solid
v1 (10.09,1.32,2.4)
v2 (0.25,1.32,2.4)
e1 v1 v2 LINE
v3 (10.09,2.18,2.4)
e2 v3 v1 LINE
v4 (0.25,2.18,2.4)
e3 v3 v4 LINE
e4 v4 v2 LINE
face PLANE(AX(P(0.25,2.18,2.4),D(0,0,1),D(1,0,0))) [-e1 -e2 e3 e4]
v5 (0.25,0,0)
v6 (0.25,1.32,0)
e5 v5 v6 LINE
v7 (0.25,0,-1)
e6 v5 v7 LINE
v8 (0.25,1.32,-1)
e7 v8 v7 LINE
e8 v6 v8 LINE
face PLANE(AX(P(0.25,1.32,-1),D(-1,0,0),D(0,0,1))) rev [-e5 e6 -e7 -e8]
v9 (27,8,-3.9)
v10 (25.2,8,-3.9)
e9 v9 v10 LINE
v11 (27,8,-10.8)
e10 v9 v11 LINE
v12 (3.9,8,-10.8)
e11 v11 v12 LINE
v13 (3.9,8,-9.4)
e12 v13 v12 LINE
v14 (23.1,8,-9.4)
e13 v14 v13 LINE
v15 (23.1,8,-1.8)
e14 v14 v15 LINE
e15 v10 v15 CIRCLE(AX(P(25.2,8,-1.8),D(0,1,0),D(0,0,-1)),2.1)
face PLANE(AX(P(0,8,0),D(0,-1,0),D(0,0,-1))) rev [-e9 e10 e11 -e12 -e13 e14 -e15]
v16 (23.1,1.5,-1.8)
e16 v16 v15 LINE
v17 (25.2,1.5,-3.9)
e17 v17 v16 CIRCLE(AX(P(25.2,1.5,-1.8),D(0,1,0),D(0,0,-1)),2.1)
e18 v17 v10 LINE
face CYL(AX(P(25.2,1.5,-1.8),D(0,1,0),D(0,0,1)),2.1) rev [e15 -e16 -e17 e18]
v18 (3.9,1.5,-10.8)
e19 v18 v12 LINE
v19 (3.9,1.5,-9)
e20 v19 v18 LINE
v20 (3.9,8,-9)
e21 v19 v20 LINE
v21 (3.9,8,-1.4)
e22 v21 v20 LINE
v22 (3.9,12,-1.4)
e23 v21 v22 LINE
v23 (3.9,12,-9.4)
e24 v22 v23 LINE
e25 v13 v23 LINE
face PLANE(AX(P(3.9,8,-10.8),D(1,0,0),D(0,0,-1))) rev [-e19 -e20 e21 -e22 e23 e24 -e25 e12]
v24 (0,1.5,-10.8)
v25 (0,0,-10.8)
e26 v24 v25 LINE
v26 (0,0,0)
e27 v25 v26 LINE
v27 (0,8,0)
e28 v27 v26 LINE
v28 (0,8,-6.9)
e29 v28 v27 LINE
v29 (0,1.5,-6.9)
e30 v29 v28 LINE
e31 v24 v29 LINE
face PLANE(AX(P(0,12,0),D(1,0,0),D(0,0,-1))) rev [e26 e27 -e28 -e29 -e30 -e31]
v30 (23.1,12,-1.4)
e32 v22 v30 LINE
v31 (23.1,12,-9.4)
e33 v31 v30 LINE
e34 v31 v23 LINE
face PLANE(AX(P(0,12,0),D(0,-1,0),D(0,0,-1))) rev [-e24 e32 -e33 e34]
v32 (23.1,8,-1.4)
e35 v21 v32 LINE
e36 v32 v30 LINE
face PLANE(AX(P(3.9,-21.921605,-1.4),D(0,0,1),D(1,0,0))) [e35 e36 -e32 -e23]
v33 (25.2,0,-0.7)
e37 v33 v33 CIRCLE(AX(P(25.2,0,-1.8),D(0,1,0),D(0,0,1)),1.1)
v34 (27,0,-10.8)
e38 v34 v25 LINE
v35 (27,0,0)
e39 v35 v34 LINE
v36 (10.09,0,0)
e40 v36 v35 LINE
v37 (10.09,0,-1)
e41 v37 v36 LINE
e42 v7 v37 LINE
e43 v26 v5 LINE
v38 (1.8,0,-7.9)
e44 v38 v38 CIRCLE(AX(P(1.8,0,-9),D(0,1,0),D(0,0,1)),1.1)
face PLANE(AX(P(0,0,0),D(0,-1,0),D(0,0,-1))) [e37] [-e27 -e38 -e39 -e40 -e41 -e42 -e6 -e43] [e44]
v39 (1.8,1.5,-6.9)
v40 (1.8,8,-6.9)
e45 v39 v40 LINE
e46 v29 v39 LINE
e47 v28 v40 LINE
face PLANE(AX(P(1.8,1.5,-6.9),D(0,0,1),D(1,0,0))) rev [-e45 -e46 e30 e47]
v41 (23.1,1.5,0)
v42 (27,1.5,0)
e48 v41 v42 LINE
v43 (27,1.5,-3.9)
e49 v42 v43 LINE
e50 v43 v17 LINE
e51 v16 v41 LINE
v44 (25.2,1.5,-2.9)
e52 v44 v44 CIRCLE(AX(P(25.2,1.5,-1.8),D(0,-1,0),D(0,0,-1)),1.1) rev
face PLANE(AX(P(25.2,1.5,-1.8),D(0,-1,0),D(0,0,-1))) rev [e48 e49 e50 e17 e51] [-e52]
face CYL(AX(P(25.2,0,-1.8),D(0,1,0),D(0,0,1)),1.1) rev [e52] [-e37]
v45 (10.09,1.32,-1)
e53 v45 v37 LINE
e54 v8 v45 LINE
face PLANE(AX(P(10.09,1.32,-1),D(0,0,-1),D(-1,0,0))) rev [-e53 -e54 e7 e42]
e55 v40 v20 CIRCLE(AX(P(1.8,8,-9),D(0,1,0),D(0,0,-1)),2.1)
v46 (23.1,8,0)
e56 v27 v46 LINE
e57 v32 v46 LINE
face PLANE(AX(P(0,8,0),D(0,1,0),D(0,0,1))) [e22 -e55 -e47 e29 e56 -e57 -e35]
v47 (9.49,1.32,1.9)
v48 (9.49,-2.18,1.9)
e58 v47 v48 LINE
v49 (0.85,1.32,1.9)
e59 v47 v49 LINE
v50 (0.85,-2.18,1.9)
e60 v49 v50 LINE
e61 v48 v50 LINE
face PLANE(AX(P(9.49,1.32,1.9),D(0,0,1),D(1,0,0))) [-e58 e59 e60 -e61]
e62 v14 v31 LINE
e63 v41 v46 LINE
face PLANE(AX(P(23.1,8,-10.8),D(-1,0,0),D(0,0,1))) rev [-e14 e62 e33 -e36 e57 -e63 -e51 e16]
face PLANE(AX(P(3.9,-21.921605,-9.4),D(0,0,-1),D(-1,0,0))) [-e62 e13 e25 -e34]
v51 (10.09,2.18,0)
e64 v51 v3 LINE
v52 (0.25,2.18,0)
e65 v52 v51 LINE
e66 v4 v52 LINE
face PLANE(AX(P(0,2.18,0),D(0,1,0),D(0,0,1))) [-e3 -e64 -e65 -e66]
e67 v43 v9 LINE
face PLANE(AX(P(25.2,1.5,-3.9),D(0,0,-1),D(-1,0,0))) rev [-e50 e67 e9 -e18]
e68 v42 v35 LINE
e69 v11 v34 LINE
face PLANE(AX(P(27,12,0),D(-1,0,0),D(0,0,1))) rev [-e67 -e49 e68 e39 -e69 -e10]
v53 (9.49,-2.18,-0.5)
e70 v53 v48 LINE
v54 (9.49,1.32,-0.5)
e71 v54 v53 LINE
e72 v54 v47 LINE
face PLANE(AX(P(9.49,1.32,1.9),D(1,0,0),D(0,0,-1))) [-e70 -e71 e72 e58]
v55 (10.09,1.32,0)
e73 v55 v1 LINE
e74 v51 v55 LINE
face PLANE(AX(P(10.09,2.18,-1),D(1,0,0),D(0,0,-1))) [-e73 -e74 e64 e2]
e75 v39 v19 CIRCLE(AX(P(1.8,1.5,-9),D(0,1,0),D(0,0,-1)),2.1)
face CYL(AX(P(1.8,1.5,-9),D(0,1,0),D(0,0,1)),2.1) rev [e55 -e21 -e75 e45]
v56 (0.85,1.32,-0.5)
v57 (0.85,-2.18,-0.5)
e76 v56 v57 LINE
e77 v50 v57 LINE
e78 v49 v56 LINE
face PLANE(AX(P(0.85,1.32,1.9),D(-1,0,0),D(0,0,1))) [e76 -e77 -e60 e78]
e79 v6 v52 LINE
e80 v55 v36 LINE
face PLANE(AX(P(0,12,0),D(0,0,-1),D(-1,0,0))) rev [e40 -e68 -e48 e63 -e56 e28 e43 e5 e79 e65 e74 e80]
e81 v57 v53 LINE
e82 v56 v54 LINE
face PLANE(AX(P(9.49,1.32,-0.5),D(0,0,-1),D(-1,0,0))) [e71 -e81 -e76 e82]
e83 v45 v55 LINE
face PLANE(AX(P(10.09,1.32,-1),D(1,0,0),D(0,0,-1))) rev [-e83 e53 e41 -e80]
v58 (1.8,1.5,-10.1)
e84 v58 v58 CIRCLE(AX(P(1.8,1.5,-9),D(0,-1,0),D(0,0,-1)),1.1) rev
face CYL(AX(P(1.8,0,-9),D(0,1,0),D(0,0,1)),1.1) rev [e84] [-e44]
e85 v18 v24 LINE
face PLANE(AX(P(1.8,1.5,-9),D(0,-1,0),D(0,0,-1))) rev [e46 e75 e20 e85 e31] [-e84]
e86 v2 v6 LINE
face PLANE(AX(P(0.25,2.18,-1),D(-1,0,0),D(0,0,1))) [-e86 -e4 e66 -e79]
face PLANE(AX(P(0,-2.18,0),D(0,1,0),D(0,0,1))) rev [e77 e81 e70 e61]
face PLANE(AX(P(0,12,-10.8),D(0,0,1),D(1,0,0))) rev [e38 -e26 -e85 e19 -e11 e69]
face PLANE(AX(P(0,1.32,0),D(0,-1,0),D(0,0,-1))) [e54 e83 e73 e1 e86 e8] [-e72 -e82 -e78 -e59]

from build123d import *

# Parameters (mm, degrees)
SKETCH1_W                = 27
SKETCH1_H                = 10.8
BOSS_EXTRUDE1_DEPTH      = 12
SKETCH2_W                = 3.9
SKETCH2_H                = 10.8
CUT_EXTRUDE1_DEPTH       = 4
SKETCH3_W                = 3.9
SKETCH3_H                = 10.8
CUT_EXTRUDE2_DEPTH       = 4
CUT_EXTRUDE3_DEPTH       = 31.160238726
CUT_EXTRUDE3_DEPTH_BACK  = 31.160238726
SKETCH4_R                = 1.1
CUT_EXTRUDE4_DEPTH       = 31.160238726
CUT_EXTRUDE4_DEPTH_BACK  = 31.160238726
SKETCH5_R                = 1.1
CUT_EXTRUDE5_DEPTH       = 6.5
SKETCH7_OUTSIDE_W        = 35.292
SKETCH7_OUTSIDE_H        = 19.092
SKETCH7_OUTSIDE_W_2      = 19.2
SKETCH7_OUTSIDE_H_2      = 8
CUT_EXTRUDE6_DEPTH       = 4
BOSS_EXTRUDE2_DEPTH      = 2.18
BOSS_EXTRUDE2_DEPTH_BACK = 2.18
SKETCH8_W                = 9.84
SKETCH8_H                = 3.4
SKETCH9_W                = 9.84
SKETCH9_H                = 3.4
SKETCH9_W_2              = 8.64
SKETCH9_H_2              = 2.4
CUT_EXTRUDE7_DEPTH       = 3.5


with BuildPart() as part:
    # Sketch1 → Boss-Extrude1 (new body)
    with BuildSketch(Plane(origin=(0, 0, 0), x_dir=(1, 0, 0), z_dir=(0, 1, 0))):
        with Locations((13.5, 5.4)):
            Rectangle(SKETCH1_W, SKETCH1_H)
    extrude(amount=BOSS_EXTRUDE1_DEPTH)

    # Sketch2 → Cut-Extrude1 (cut)
    with BuildSketch(Plane(origin=(0, 12, 0), x_dir=(1, 0, 0), z_dir=(0, 1, 0))):
        with Locations((1.95, 5.4)):
            Rectangle(SKETCH2_W, SKETCH2_H)
    extrude(amount=-CUT_EXTRUDE1_DEPTH, mode=Mode.SUBTRACT)

    # Sketch3 → Cut-Extrude2 (cut)
    with BuildSketch(Plane(origin=(0, 12, 0), x_dir=(1, 0, 0), z_dir=(0, 1, 0))):
        with Locations((25.05, 5.4)):
            Rectangle(SKETCH3_W, SKETCH3_H)
    extrude(amount=-CUT_EXTRUDE2_DEPTH, mode=Mode.SUBTRACT)

    # Sketch4 → Cut-Extrude3 (cut, two sides: drawn at the far end of the back side and taken through both)
    with BuildSketch(Plane(origin=(0, 8, 0), x_dir=(1, 0, 0), z_dir=(0, 1, 0)).offset(-CUT_EXTRUDE3_DEPTH_BACK)):
        with Locations(Location((25.2, 1.8, 0), (0, 0, 270))):
            Circle(SKETCH4_R)
    extrude(amount=CUT_EXTRUDE3_DEPTH + CUT_EXTRUDE3_DEPTH_BACK, mode=Mode.SUBTRACT)

    # Sketch5 → Cut-Extrude4 (cut, two sides: drawn at the far end of the back side and taken through both)
    with BuildSketch(Plane(origin=(0, 8, 0), x_dir=(1, 0, 0), z_dir=(0, 1, 0)).offset(-CUT_EXTRUDE4_DEPTH_BACK)):
        with Locations(Location((1.8, 9, 0), (0, 0, 270))):
            Circle(SKETCH5_R)
    extrude(amount=CUT_EXTRUDE4_DEPTH + CUT_EXTRUDE4_DEPTH_BACK, mode=Mode.SUBTRACT)

    # Sketch6 → Cut-Extrude5 (cut)
    with BuildSketch(Plane(origin=(0, 8, 0), x_dir=(1, 0, 0), z_dir=(0, 1, 0))):
        with BuildLine():
            Line((1.8, 6.9), (0, 6.9))
            Line((0, 6.9), (0, 10.8))
            Line((0, 10.8), (3.9, 10.8))
            Line((3.9, 10.8), (3.9, 9))
            ThreePointArc((3.9, 9), (3.28492424, 7.51507576), (1.8, 6.9))
        make_face()
        with BuildLine():
            Line((25.2, 3.9), (27, 3.9))
            Line((27, 3.9), (27, 0))
            Line((27, 0), (23.1, 0))
            Line((23.1, 0), (23.1, 1.8))
            ThreePointArc((23.1, 1.8), (23.71507576, 3.28492424), (25.2, 3.9))
        make_face()
    extrude(amount=-CUT_EXTRUDE5_DEPTH, mode=Mode.SUBTRACT)

    # Sketch7 outside → Cut-Extrude6 (cut)
    with BuildSketch(Plane(origin=(0, 12, 0), x_dir=(1, 0, 0), z_dir=(0, 1, 0))):
        with Locations((13.5, 5.4)):
            Rectangle(SKETCH7_OUTSIDE_W, SKETCH7_OUTSIDE_H)
        with Locations((13.5, 5.4)):
            Rectangle(SKETCH7_OUTSIDE_W_2, SKETCH7_OUTSIDE_H_2, mode=Mode.SUBTRACT)
    extrude(amount=-CUT_EXTRUDE6_DEPTH, mode=Mode.SUBTRACT)

    # Sketch8 → Boss-Extrude2 (add, two sides: drawn at the far end of the back side and taken through both)
    with BuildSketch(Plane.XZ.offset(-BOSS_EXTRUDE2_DEPTH_BACK)):
        with Locations((5.17, 0.7)):
            Rectangle(SKETCH8_W, SKETCH8_H)
    extrude(amount=BOSS_EXTRUDE2_DEPTH + BOSS_EXTRUDE2_DEPTH_BACK)

    # Sketch9 → Cut-Extrude7 (cut)
    with BuildSketch(Plane.XZ.offset(2.18)):
        with Locations((5.17, 0.7)):
            Rectangle(SKETCH9_W, SKETCH9_H)
        with Locations((5.17, 0.7)):
            Rectangle(SKETCH9_W_2, SKETCH9_H_2, mode=Mode.SUBTRACT)
    extrude(amount=-CUT_EXTRUDE7_DEPTH, mode=Mode.SUBTRACT)


solid = part.part
